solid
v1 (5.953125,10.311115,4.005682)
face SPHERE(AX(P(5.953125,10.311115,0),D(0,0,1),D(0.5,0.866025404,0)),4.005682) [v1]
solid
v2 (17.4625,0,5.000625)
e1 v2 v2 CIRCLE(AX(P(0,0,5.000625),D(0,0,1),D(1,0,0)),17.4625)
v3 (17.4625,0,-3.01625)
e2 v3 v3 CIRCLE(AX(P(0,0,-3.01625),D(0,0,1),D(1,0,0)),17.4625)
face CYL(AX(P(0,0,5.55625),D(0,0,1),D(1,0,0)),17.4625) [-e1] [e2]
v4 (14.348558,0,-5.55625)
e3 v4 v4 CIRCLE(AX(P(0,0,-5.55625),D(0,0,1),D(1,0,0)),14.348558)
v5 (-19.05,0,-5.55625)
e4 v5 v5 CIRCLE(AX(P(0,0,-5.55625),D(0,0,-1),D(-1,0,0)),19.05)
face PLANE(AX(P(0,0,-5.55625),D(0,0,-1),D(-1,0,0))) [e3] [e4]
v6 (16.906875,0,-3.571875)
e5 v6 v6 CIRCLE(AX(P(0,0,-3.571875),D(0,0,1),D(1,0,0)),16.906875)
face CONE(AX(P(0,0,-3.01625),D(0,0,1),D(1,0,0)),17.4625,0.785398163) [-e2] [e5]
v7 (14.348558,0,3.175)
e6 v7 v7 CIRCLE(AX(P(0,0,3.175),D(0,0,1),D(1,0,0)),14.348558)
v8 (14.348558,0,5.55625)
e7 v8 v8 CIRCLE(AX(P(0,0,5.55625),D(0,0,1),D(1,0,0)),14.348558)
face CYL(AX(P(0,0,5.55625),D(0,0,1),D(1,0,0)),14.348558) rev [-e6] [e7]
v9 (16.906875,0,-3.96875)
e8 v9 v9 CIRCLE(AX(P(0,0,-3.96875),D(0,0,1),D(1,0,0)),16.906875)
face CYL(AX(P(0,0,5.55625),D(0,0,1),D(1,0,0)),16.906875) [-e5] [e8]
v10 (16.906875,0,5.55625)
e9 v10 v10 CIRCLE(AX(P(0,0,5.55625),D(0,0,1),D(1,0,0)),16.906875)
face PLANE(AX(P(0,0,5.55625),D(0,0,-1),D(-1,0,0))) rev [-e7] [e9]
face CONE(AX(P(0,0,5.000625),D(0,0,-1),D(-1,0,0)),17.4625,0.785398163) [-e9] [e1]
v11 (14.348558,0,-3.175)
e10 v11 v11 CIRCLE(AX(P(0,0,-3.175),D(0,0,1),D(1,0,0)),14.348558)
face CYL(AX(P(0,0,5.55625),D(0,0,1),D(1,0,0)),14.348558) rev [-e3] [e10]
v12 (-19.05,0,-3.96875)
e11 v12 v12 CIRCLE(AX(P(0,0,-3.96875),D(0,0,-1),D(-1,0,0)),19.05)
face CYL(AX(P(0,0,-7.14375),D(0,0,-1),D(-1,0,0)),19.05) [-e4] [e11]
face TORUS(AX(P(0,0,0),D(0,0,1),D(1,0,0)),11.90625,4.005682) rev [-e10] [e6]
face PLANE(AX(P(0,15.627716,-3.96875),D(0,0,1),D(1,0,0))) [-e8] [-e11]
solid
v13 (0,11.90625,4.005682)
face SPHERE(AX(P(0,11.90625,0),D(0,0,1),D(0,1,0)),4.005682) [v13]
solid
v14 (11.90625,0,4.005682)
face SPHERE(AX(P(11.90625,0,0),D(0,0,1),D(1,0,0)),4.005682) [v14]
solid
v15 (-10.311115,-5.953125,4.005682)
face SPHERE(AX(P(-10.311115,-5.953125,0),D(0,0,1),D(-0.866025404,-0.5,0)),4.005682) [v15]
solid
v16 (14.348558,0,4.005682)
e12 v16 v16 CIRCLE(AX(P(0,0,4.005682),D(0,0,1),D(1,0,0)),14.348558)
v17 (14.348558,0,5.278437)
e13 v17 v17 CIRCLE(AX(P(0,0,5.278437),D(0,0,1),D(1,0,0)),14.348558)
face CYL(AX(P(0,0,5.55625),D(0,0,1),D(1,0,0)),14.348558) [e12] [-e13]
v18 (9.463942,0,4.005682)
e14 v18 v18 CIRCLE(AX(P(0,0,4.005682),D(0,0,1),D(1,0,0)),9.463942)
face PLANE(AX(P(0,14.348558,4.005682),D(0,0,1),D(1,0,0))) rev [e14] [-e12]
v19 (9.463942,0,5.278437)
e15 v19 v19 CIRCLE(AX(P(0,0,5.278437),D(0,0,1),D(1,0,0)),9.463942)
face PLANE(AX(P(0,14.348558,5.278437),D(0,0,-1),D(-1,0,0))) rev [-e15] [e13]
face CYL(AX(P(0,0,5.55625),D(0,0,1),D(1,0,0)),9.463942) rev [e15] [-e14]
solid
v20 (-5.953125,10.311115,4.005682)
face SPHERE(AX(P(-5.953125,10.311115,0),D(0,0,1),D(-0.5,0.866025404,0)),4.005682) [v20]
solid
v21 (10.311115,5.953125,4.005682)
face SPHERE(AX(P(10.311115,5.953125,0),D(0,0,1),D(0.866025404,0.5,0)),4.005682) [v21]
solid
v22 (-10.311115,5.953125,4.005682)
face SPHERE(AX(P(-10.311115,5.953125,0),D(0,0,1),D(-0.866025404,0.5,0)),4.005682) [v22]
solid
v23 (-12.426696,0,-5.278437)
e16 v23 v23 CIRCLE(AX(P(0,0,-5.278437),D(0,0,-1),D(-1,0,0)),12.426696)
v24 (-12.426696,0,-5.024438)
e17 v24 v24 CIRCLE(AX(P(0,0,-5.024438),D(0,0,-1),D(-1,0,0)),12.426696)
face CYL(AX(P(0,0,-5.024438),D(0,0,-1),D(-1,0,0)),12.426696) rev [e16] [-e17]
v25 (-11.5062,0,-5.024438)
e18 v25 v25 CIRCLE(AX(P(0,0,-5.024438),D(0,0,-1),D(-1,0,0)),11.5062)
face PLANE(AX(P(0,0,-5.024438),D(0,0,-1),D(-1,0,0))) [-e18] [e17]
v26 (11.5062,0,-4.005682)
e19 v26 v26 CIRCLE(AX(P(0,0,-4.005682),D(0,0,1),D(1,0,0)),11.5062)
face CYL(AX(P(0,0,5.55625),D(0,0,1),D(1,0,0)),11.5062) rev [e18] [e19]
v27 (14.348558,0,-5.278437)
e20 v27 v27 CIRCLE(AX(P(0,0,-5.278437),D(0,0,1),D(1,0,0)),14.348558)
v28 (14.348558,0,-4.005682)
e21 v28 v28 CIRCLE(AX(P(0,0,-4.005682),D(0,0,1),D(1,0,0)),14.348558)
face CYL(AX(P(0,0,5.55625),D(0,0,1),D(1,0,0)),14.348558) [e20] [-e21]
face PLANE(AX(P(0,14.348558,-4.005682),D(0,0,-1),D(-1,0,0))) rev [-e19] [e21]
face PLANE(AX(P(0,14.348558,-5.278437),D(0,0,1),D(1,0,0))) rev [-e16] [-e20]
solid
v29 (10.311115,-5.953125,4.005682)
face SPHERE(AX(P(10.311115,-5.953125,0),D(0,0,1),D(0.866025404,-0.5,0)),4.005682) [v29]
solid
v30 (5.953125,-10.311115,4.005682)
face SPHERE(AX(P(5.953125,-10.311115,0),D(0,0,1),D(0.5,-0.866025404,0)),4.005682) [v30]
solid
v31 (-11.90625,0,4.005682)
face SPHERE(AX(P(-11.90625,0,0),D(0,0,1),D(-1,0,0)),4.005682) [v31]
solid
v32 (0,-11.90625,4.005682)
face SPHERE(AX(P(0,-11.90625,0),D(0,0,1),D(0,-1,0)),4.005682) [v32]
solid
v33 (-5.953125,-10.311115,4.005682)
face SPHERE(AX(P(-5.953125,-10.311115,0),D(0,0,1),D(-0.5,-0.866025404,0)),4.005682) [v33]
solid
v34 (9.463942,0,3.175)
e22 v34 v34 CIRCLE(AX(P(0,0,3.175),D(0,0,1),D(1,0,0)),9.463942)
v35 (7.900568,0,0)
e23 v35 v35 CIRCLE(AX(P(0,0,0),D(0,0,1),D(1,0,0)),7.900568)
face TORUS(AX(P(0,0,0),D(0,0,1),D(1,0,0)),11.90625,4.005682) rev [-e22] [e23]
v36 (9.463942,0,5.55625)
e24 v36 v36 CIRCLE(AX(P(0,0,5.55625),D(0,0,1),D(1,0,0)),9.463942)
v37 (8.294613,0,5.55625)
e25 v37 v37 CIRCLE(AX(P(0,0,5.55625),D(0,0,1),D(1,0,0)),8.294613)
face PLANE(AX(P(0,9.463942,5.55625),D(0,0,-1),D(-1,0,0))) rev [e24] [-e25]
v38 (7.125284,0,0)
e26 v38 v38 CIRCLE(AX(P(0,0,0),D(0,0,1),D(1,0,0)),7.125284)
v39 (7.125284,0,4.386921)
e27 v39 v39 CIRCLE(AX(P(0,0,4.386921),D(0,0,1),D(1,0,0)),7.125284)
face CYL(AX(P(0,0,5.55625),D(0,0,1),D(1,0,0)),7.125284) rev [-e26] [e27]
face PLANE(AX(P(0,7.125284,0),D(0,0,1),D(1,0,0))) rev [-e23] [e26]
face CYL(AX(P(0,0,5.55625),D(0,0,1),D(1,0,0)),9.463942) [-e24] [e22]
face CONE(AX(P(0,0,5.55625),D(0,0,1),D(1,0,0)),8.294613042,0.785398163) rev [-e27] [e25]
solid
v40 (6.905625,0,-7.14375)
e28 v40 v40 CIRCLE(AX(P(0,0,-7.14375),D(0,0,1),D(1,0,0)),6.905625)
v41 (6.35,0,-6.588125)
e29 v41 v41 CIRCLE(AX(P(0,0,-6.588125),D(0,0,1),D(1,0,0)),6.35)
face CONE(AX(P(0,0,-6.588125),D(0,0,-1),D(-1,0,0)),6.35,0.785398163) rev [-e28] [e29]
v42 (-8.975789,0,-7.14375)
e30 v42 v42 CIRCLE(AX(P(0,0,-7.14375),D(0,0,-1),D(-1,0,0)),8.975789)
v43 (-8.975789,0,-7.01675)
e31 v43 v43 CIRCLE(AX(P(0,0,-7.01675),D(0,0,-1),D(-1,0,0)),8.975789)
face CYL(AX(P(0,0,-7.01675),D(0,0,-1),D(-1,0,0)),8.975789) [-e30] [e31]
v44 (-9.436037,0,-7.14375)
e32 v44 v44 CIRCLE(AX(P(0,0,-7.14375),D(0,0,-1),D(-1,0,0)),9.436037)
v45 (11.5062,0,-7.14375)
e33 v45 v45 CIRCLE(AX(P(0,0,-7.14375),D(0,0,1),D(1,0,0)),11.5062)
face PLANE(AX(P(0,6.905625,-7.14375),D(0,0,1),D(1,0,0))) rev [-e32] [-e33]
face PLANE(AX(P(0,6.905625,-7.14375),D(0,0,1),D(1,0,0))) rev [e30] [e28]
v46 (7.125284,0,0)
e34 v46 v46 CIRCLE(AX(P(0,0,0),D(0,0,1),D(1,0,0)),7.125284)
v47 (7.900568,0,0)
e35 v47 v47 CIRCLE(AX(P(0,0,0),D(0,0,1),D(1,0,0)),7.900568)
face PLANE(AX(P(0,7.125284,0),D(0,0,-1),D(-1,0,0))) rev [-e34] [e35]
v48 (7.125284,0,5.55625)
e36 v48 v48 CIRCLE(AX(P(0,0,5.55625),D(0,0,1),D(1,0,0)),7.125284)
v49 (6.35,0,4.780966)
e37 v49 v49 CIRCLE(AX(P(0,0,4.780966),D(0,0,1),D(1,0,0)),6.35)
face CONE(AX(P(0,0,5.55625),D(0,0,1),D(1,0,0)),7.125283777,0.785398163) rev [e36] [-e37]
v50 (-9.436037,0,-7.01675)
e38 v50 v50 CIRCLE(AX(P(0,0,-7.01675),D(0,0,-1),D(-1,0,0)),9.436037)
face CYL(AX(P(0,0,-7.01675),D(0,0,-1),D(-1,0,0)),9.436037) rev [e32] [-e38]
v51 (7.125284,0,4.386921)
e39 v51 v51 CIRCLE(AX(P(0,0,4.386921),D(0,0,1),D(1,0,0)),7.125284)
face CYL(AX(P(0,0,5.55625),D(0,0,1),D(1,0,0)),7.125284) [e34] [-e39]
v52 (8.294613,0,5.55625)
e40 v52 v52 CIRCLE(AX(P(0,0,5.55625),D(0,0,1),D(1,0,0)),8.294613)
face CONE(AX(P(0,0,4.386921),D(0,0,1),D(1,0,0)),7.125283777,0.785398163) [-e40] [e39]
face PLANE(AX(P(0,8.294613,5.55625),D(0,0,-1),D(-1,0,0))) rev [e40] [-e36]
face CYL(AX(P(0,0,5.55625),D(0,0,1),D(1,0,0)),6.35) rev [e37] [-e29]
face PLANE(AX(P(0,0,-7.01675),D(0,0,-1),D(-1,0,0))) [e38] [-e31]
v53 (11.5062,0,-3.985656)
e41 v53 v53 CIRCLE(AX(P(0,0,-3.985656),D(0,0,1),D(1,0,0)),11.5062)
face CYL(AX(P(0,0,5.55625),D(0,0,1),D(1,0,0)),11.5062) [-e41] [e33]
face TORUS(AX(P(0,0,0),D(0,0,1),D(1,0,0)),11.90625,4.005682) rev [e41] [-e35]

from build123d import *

# Parameters (mm, degrees)
SKETCH5_W          = 1.5875
SKETCH5_H          = 3.422283654
CIRPATTERN1_COUNT  = 12
SKETCH7_W          = 1.272755053
SKETCH7_H          = 4.884615384
SKETCH7_H_2        = 2.842357692
SKETCH9_R          = 9.4360365
SKETCH9_R_2        = 8.9757885
CUT_EXTRUDE1_DEPTH = 0.127
SKETCH10_R         = 12.426696
SKETCH10_R_2       = 11.5062
CUT_EXTRUDE2_DEPTH = 0.254


with BuildPart() as part:
    # Sketch8 → Revolve7 (revolve)
    with BuildSketch(Plane(origin=(0, 0, 0), x_dir=(0, 0, -1), z_dir=(1, 0, 0))):
        with BuildLine():
            Line((5.55625, 16.906875), (5.000625, 17.4625))
            Line((5.000625, 17.4625), (-5.000625, 17.4625))
            Line((-5.000625, 17.4625), (-5.55625, 16.906875))
            Line((-5.55625, 16.906875), (-5.55625, 14.348557692))
            Line((-5.55625, 14.348557692), (-3.175, 14.348557692))
            ThreePointArc((-3.175, 14.348557692), (0, 15.911932447), (3.175, 14.348557692))
            Line((3.175, 14.348557692), (5.55625, 14.348557692))
            Line((5.55625, 14.348557692), (5.55625, 16.906875))
        make_face()
    revolve(axis=Axis((0, 0, 5.55625), (0, 0, -1)))

    # Sketch5 → Revolve5 (revolve)
    with BuildSketch(Plane(origin=(0, 0, 0), x_dir=(0, 0, -1), z_dir=(1, 0, 0))):
        with Locations((4.7625, 17.338858173)):
            Rectangle(SKETCH5_W, SKETCH5_H)
    revolve(axis=Axis((0, 0, -7.14375), (0, 0, 1)))

    # Sketch6 → Cut-Revolve1 (revolve, cut)
    with BuildSketch(Plane(origin=(0, 0, 0), x_dir=(0, 0, -1), z_dir=(1, 0, 0))):
        Polygon((3.01625, 17.4625), (3.571875, 16.906875), (3.96875, 16.906875), (3.96875, 17.4625), align=None)
    revolve(axis=Axis((0, 0, 5.55625), (0, 0, -1)), mode=Mode.SUBTRACT)


with BuildPart() as body_2:
    # Sketch2 → Revolve2 (revolve)
    with BuildSketch(Plane(origin=(0, 0, 0), x_dir=(0, 0, -1), z_dir=(1, 0, 0))):
        with BuildLine():
            Line((-5.55625, 9.463942308), (-3.175, 9.463942308))
            ThreePointArc((-3.175, 9.463942308), (-1.76951728, 8.312602764), (0, 7.900567553))
            Line((0, 7.900567553), (0, 7.125283777))
            Line((0, 7.125283777), (-4.386920734, 7.125283777))
            Line((-4.386920734, 7.125283777), (-5.55625, 8.294613042))
            Line((-5.55625, 8.294613042), (-5.55625, 9.463942308))
        make_face()
    revolve(axis=Axis((0, 0, 5.55625), (0, 0, -1)))


with BuildPart() as body_3:
    # Sketch3 → Revolve3 (revolve)
    with BuildSketch(Plane(origin=(0, 0, 0), x_dir=(0, 0, -1), z_dir=(1, 0, 0))):
        with BuildLine():
            Line((-5.55625, 8.294613042), (-4.386920734, 7.125283777))
            Line((-4.386920734, 7.125283777), (0, 7.125283777))
            Line((0, 7.125283777), (0, 7.900567553))
            ThreePointArc((0, 7.900567553), (2.687286606, 8.935731095), (3.985655763, 11.5062))
            Line((3.985655763, 11.5062), (7.14375, 11.5062))
            Line((7.14375, 11.5062), (7.14375, 6.905625))
            Line((7.14375, 6.905625), (6.588125, 6.35))
            Line((6.588125, 6.35), (-4.780966223, 6.35))
            Line((-4.780966223, 6.35), (-5.55625, 7.125283777))
            Line((-5.55625, 7.125283777), (-5.55625, 8.294613042))
        make_face()
    revolve(axis=Axis((0, 0, 5.55625), (0, 0, -1)))

    # Sketch9 → Cut-Extrude1 (cut)
    with BuildSketch(Plane(origin=(0, 0, -7.14375), x_dir=(-1, 0, 0), z_dir=(0, 0, -1))):
        Circle(SKETCH9_R)
        Circle(SKETCH9_R_2, mode=Mode.SUBTRACT)
    extrude(amount=-CUT_EXTRUDE1_DEPTH, mode=Mode.SUBTRACT)


with BuildPart() as body_4:
    # Sketch4 → Revolve4 (revolve)
    with BuildSketch(Plane(origin=(0, 0, 0), x_dir=(0, 0, -1), z_dir=(1, 0, 0))):
        with BuildLine():
            Line((-4.005682447, 11.90625), (4.005682447, 11.90625))
            ThreePointArc((4.005682447, 11.90625), (0, 15.911932447), (-4.005682447, 11.90625))
        make_face()
    revolve(axis=Axis((0, 11.90625, 4.005682447), (0, 0, -1)))


with BuildPart() as cirpattern1_1:
    # CirPattern1: pattern copy
    add(body_4.part.rotate(Axis((0, 0, 5.55625), (0, 0, -1)), 1 * 360 / CIRPATTERN1_COUNT))


with BuildPart() as cirpattern1_2:
    # CirPattern1: pattern copy
    add(body_4.part.rotate(Axis((0, 0, 5.55625), (0, 0, -1)), 2 * 360 / CIRPATTERN1_COUNT))


with BuildPart() as cirpattern1_3:
    # CirPattern1: pattern copy
    add(body_4.part.rotate(Axis((0, 0, 5.55625), (0, 0, -1)), 3 * 360 / CIRPATTERN1_COUNT))


with BuildPart() as cirpattern1_4:
    # CirPattern1: pattern copy
    add(body_4.part.rotate(Axis((0, 0, 5.55625), (0, 0, -1)), 4 * 360 / CIRPATTERN1_COUNT))


with BuildPart() as cirpattern1_5:
    # CirPattern1: pattern copy
    add(body_4.part.rotate(Axis((0, 0, 5.55625), (0, 0, -1)), 5 * 360 / CIRPATTERN1_COUNT))


with BuildPart() as cirpattern1_6:
    # CirPattern1: pattern copy
    add(body_4.part.rotate(Axis((0, 0, 5.55625), (0, 0, -1)), 6 * 360 / CIRPATTERN1_COUNT))


with BuildPart() as cirpattern1_7:
    # CirPattern1: pattern copy
    add(body_4.part.rotate(Axis((0, 0, 5.55625), (0, 0, -1)), 7 * 360 / CIRPATTERN1_COUNT))


with BuildPart() as cirpattern1_8:
    # CirPattern1: pattern copy
    add(body_4.part.rotate(Axis((0, 0, 5.55625), (0, 0, -1)), 8 * 360 / CIRPATTERN1_COUNT))


with BuildPart() as cirpattern1_9:
    # CirPattern1: pattern copy
    add(body_4.part.rotate(Axis((0, 0, 5.55625), (0, 0, -1)), 9 * 360 / CIRPATTERN1_COUNT))


with BuildPart() as cirpattern1_10:
    # CirPattern1: pattern copy
    add(body_4.part.rotate(Axis((0, 0, 5.55625), (0, 0, -1)), 10 * 360 / CIRPATTERN1_COUNT))


with BuildPart() as cirpattern1_11:
    # CirPattern1: pattern copy
    add(body_4.part.rotate(Axis((0, 0, 5.55625), (0, 0, -1)), 11 * 360 / CIRPATTERN1_COUNT))


with BuildPart() as body_16:
    # Sketch7 → Revolve6 (revolve)
    with BuildSketch(Plane(origin=(0, 0, 0), x_dir=(0, 0, -1), z_dir=(1, 0, 0))):
        with Locations((-4.642059974, 11.90625)):
            Rectangle(SKETCH7_W, SKETCH7_H)
        with Locations((4.642059974, 12.927378846)):
            Rectangle(SKETCH7_W, SKETCH7_H_2)
    revolve(axis=Axis((0, 0, 5.55625), (0, 0, -1)))

    # Sketch10 → Cut-Extrude2 (cut)
    with BuildSketch(Plane(origin=(0, 0, -5.2784375), x_dir=(-1, 0, 0), z_dir=(0, 0, -1))):
        Circle(SKETCH10_R)
        Circle(SKETCH10_R_2, mode=Mode.SUBTRACT)
    extrude(amount=-CUT_EXTRUDE2_DEPTH, mode=Mode.SUBTRACT)


solid = Compound([part.part, body_2.part, body_3.part, body_4.part, cirpattern1_1.part, cirpattern1_2.part, cirpattern1_3.part, cirpattern1_4.part, cirpattern1_5.part, cirpattern1_6.part, cirpattern1_7.part, cirpattern1_8.part, cirpattern1_9.part, cirpattern1_10.part, cirpattern1_11.part, body_16.part])
